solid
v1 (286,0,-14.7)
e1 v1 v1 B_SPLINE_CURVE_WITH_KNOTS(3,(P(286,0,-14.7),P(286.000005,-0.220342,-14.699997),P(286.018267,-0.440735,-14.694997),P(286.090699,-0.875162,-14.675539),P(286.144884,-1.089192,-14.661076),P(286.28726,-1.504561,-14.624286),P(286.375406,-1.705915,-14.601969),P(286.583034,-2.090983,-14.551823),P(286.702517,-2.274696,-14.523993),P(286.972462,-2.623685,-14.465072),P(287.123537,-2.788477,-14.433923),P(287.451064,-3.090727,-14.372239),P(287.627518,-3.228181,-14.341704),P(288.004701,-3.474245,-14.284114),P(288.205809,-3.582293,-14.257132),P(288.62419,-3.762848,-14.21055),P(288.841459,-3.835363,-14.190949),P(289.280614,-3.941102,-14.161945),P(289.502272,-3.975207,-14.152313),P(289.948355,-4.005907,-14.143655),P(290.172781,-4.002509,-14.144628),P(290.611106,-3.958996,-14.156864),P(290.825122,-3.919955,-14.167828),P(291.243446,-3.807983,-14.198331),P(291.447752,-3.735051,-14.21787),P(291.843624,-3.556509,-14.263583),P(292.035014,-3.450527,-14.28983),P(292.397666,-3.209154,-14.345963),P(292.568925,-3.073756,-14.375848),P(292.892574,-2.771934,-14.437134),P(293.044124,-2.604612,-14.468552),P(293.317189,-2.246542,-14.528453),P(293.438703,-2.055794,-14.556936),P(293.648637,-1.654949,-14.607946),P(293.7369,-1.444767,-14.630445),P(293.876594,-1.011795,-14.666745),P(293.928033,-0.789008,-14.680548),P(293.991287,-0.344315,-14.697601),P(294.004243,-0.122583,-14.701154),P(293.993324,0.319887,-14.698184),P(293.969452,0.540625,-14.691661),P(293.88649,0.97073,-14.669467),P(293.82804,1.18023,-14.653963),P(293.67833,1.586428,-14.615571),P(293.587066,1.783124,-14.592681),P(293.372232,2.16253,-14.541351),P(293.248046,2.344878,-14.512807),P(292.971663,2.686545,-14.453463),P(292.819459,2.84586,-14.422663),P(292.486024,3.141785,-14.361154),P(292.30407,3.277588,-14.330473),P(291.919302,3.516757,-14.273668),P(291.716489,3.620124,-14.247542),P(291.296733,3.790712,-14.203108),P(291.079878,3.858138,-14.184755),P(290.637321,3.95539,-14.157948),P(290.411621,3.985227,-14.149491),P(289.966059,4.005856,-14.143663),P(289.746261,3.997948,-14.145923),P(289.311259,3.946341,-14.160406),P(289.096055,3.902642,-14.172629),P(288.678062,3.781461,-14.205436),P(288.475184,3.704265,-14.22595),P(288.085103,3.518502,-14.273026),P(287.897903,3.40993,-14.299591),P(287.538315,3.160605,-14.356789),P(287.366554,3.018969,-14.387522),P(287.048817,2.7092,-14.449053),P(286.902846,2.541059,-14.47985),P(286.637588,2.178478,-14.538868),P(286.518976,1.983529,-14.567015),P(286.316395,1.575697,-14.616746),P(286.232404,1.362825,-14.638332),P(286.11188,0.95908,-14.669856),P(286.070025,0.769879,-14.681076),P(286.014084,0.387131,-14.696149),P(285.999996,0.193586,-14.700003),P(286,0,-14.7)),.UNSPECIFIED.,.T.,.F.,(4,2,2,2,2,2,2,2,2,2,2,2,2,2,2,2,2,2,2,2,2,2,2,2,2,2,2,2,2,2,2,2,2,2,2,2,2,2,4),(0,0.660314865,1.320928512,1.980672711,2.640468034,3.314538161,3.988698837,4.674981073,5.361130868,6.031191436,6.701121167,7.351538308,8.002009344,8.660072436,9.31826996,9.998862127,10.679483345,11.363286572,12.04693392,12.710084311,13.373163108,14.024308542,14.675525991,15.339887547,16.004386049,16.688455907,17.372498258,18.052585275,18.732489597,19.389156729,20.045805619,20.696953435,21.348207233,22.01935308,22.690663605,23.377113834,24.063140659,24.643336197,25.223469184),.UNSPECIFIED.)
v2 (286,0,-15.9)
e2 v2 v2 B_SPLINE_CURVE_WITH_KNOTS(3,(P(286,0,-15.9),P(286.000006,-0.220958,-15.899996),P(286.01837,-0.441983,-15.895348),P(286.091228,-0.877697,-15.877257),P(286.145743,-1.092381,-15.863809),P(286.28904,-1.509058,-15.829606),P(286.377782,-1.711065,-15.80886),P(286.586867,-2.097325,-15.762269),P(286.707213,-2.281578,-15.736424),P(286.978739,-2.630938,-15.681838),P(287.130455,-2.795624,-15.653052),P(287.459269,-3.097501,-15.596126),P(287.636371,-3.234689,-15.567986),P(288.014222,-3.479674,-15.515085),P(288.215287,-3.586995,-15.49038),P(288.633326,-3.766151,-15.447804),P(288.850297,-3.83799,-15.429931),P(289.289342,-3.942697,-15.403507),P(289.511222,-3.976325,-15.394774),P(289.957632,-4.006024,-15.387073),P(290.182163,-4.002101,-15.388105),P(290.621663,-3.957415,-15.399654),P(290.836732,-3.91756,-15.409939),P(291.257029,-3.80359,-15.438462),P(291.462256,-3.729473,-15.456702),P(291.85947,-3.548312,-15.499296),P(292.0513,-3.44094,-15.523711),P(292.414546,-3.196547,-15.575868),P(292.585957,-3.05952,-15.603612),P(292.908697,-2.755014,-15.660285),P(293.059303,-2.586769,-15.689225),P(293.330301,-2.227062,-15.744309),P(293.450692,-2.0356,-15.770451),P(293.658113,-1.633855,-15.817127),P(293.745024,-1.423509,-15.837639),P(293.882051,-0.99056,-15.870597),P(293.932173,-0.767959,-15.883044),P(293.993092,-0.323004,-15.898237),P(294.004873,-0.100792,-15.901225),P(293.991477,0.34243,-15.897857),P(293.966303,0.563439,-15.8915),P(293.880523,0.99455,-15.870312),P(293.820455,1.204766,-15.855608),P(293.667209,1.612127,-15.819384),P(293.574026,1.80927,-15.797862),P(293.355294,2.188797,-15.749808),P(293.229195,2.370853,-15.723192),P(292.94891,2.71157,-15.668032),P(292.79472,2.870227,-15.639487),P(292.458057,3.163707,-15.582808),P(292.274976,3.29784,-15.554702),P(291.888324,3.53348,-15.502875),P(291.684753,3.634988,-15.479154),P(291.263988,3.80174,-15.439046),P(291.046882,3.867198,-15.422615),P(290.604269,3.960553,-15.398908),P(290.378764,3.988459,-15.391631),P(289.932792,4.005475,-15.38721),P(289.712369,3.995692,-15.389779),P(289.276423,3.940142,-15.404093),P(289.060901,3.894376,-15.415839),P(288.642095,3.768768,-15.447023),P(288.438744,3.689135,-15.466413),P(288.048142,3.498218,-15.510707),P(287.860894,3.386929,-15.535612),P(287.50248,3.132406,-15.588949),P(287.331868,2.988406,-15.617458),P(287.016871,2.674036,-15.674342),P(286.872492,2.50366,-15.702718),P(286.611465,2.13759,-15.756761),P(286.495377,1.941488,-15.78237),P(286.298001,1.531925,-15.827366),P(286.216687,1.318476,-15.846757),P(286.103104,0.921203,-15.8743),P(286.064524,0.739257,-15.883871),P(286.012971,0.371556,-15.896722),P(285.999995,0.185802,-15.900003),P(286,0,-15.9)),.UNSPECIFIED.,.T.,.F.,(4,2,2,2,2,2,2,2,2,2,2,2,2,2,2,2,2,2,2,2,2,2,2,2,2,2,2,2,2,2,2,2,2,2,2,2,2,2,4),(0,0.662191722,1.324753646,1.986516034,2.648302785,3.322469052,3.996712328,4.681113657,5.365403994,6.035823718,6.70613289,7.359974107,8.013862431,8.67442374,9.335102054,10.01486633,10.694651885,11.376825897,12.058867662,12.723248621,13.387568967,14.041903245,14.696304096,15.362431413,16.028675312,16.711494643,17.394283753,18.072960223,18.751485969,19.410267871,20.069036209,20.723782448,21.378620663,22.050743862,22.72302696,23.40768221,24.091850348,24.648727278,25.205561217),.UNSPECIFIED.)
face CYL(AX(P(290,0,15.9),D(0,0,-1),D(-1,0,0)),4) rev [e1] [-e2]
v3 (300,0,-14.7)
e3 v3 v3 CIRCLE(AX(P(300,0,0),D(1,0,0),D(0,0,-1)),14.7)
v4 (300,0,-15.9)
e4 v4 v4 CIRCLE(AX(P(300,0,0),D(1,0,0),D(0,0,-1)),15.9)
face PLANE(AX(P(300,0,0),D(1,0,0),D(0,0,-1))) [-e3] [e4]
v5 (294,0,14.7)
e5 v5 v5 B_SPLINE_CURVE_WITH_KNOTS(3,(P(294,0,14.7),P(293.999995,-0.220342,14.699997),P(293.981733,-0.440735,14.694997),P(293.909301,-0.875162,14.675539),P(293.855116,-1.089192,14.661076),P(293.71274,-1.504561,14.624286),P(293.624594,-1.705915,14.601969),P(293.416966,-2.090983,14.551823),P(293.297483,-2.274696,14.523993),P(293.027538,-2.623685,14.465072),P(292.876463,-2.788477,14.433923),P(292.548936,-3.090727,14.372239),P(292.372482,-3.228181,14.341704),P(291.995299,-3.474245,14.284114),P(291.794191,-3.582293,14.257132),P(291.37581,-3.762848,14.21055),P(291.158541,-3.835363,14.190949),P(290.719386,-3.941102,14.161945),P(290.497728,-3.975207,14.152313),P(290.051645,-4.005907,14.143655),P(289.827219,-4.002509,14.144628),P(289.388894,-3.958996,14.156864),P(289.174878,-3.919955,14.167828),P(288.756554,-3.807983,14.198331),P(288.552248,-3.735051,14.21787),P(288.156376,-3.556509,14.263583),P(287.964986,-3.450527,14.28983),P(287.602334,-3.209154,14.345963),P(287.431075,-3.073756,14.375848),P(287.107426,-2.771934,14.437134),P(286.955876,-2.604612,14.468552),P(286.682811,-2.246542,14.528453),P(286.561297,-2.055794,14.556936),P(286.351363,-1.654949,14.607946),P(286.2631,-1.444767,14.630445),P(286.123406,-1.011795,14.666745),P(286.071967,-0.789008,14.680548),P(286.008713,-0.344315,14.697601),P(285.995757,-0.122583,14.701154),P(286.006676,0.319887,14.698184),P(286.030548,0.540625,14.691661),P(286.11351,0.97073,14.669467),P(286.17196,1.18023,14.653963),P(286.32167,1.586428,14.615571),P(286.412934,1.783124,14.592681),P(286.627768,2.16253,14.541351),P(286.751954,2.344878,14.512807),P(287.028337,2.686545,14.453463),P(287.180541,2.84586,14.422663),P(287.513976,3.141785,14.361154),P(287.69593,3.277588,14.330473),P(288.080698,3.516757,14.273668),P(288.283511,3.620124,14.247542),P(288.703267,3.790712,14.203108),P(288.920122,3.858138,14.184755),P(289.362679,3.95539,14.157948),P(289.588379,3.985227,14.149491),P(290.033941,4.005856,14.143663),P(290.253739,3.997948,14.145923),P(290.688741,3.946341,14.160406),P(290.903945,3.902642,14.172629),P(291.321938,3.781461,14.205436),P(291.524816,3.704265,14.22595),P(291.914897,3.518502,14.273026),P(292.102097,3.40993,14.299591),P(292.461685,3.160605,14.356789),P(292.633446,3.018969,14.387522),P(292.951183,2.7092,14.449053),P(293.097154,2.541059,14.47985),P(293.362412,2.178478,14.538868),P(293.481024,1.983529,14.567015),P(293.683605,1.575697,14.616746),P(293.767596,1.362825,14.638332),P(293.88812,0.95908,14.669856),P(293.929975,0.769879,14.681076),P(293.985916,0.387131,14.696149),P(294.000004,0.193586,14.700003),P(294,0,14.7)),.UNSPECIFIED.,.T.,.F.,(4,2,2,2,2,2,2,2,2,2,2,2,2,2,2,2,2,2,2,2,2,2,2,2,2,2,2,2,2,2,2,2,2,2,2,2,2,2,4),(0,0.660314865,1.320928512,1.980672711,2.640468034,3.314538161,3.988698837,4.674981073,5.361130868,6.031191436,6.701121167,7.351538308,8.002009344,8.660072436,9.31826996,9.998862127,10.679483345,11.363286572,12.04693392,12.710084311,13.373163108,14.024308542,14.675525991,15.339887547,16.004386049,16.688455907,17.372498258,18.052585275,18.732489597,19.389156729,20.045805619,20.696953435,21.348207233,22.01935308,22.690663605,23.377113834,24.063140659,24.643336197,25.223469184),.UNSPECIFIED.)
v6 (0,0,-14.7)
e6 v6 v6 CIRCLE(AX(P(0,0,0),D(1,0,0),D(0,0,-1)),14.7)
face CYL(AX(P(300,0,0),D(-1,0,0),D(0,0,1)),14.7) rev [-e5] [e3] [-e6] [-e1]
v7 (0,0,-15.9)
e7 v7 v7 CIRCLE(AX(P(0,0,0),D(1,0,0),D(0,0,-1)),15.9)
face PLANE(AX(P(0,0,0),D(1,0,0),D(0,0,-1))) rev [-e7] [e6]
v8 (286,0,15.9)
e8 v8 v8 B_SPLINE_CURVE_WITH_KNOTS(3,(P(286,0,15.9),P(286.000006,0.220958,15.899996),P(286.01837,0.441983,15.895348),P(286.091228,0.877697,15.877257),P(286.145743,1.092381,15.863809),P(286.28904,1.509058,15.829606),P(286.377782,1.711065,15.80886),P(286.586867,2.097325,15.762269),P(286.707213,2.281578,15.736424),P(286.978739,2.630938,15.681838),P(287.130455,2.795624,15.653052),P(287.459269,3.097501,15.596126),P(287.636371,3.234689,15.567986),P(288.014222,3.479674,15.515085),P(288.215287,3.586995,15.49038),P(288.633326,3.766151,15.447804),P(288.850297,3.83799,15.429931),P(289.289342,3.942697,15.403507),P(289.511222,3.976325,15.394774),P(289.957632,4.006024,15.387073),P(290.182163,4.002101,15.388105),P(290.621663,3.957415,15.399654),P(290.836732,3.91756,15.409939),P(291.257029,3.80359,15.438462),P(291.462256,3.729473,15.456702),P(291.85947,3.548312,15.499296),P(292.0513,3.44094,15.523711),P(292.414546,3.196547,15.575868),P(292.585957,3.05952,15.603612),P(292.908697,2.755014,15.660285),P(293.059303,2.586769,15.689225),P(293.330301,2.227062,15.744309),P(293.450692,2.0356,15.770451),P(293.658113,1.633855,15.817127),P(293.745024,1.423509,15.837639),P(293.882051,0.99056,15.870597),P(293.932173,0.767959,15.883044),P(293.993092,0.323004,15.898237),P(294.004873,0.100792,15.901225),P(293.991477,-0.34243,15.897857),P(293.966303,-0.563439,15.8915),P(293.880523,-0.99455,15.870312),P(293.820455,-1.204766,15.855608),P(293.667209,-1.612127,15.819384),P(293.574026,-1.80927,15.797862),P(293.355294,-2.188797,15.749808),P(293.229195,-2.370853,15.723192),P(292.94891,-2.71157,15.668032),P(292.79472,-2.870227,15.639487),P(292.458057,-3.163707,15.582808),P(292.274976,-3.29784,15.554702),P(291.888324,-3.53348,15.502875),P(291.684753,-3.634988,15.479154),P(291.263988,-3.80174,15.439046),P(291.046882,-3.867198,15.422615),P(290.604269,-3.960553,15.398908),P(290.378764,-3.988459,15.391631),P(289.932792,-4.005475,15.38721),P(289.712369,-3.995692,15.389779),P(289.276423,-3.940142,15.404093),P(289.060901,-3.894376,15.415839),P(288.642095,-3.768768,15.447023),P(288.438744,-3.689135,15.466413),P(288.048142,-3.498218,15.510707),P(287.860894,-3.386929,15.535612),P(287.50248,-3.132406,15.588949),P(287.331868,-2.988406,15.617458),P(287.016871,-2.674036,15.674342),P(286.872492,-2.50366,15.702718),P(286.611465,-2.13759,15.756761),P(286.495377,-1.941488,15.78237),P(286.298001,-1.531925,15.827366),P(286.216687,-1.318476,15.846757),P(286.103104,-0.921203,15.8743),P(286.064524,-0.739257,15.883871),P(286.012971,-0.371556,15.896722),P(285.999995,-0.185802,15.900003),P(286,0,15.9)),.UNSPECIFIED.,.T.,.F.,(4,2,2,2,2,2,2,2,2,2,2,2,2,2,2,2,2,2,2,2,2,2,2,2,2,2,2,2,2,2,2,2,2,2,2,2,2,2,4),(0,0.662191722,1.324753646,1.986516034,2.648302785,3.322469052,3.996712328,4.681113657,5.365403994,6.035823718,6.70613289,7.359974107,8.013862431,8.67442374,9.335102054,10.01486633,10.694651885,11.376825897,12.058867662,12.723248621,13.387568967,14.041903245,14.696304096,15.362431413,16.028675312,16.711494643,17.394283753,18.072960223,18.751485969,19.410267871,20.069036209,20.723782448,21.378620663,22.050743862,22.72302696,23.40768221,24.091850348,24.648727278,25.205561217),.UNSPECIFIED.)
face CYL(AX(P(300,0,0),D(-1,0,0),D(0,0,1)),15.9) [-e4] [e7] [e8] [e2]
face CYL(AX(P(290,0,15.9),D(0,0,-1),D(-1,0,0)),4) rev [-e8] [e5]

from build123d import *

# Parameters (mm, degrees)
SKETCH1_R           = 15.9
SKETCH1_R_2         = 14.7
BOSS_EXTRUDE1_DEPTH = 300
SKETCH4_R           = 4
CUT_EXTRUDE1_DEPTH  = 303.09940417


with BuildPart() as part:
    # Sketch1 → Boss-Extrude1 (new body)
    with BuildSketch(Plane(origin=(0, 0, 0), x_dir=(0, 0, -1), z_dir=(1, 0, 0))):
        Circle(SKETCH1_R)
        Circle(SKETCH1_R_2, mode=Mode.SUBTRACT)
    extrude(amount=BOSS_EXTRUDE1_DEPTH)

    # Sketch4 → Cut-Extrude1 (cut, through all)
    with BuildSketch(Plane(origin=(0, 0, -15.9), x_dir=(1, 0, 0), z_dir=(0, 0, -1))):
        with Locations(Location((290, 0, 0), (0, 0, 180))):
            Circle(SKETCH4_R)
    extrude(amount=-CUT_EXTRUDE1_DEPTH, mode=Mode.SUBTRACT)


solid = part.part
